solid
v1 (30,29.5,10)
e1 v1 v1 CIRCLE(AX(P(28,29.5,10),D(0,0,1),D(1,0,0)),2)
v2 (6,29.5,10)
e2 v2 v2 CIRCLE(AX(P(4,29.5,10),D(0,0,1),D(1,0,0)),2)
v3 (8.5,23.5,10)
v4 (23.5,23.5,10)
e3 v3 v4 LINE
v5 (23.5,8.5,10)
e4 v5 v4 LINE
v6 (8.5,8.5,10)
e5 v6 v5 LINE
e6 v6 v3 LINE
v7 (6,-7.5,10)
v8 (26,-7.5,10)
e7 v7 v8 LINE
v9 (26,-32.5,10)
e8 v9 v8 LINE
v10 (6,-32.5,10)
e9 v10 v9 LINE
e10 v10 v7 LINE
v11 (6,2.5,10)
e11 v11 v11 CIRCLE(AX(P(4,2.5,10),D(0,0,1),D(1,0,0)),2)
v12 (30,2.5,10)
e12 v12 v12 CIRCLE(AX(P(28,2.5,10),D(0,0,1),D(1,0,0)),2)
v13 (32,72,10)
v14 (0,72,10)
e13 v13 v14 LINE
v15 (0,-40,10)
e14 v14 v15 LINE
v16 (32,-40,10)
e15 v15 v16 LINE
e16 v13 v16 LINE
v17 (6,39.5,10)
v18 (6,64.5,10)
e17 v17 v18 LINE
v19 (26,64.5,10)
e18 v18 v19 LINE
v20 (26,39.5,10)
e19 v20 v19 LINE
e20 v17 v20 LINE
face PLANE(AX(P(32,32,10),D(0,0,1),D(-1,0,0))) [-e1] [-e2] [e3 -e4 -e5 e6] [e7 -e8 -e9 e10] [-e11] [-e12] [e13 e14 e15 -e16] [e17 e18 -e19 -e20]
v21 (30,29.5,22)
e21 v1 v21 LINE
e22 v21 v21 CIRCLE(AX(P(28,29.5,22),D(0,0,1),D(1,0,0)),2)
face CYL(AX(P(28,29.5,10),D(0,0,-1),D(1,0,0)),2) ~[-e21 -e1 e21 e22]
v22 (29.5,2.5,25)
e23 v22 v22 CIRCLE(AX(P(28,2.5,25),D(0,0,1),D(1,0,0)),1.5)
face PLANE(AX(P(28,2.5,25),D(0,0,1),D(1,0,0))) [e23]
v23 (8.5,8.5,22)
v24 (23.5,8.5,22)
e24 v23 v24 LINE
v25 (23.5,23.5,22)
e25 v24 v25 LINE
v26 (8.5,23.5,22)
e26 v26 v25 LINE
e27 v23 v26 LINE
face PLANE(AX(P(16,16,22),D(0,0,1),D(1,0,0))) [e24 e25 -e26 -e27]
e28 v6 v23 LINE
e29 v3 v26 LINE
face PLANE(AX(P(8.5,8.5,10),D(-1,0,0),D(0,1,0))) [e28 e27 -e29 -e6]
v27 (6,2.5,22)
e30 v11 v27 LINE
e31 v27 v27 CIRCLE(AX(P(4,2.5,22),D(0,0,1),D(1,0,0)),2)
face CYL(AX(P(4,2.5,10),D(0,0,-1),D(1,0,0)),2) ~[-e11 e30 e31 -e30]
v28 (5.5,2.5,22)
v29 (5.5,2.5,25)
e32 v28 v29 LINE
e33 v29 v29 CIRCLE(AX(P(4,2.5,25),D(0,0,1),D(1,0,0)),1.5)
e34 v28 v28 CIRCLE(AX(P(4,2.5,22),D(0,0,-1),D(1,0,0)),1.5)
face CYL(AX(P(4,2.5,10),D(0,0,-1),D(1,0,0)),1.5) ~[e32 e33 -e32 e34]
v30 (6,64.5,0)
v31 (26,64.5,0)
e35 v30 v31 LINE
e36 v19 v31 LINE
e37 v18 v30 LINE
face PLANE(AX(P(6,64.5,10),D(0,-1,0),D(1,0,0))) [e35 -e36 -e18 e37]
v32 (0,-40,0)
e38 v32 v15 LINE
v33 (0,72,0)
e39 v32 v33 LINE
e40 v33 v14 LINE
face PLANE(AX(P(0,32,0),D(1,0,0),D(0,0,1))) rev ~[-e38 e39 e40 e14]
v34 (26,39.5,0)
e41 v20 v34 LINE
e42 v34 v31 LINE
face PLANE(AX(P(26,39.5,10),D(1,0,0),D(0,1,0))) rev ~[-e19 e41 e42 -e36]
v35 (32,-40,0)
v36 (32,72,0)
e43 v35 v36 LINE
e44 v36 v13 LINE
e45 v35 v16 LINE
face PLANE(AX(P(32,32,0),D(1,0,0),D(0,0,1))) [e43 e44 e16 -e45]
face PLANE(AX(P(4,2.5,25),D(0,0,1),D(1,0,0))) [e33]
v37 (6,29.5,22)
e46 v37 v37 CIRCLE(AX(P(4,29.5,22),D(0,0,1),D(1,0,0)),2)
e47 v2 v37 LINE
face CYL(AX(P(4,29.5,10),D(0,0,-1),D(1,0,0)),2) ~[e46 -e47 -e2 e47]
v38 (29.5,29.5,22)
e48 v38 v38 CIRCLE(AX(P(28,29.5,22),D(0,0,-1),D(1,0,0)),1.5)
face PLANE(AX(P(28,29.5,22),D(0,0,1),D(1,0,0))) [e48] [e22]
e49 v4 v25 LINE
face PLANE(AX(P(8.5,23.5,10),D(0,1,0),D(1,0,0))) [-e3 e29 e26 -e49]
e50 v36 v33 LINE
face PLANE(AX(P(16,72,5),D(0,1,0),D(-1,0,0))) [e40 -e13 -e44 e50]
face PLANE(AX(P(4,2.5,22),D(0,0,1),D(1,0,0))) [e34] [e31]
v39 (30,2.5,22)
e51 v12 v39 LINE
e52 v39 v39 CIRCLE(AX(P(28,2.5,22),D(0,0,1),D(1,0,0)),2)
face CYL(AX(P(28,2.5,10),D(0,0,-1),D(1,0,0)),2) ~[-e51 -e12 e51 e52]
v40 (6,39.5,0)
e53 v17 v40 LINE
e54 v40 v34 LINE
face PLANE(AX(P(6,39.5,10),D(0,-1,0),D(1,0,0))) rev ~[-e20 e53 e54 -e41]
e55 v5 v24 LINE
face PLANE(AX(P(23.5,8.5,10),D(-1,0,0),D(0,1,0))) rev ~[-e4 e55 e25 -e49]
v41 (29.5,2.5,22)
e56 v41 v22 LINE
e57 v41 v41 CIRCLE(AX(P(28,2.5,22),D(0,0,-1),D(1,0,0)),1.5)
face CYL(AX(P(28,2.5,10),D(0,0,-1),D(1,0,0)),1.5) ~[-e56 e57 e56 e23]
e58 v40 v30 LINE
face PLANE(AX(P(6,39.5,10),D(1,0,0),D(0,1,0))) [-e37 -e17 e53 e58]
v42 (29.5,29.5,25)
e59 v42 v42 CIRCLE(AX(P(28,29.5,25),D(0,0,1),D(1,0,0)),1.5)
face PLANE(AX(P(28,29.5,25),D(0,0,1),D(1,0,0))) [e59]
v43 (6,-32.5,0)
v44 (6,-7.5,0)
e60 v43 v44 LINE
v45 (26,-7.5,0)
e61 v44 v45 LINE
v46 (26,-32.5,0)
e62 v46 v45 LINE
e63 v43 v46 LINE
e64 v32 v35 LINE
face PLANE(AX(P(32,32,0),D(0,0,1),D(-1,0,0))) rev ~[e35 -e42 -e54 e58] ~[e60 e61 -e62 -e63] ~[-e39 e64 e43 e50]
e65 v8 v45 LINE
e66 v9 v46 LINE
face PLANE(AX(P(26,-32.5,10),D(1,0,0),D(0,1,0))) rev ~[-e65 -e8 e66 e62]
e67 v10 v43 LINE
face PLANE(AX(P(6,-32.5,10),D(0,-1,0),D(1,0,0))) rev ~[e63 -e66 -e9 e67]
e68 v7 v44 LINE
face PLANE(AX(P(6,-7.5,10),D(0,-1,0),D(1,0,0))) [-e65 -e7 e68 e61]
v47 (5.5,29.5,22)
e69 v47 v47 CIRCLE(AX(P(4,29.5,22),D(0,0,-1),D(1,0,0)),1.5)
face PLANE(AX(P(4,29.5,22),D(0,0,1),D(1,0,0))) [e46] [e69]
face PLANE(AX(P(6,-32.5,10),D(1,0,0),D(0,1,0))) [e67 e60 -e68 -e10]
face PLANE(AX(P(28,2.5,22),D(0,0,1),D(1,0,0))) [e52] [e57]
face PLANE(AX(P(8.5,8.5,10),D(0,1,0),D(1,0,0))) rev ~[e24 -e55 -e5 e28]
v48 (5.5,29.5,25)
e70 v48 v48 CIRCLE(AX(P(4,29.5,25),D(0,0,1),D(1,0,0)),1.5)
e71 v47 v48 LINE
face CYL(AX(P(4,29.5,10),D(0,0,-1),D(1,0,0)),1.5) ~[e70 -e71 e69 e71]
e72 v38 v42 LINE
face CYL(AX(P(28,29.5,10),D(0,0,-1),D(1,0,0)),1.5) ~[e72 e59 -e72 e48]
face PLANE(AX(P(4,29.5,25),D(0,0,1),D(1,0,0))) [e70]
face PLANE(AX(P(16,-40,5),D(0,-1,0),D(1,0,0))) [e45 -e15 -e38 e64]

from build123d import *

# Parameters (mm, degrees)
SKETCH_W        = 32
SKETCH_H        = 32
PAD_DEPTH       = 10
SKETCH001_R     = 1.5
PAD001_DEPTH    = 15
SKETCH002_R     = 2
SKETCH002_W     = 15
SKETCH002_H     = 15
PAD002_DEPTH    = 12
SKETCH003_W     = 32
SKETCH003_H     = 10
PAD003_DEPTH    = 40
SKETCH004_W     = 32
SKETCH004_H     = 10
PAD004_DEPTH    = 40
SKETCH006_W     = 20
SKETCH006_H     = 25
POCKET_DEPTH    = 10.001
SKETCH005_W     = 20
SKETCH005_H     = 25
POCKET001_DEPTH = 10.001


with BuildPart() as part:
    # Sketch → Pad (new body)
    with BuildSketch(Plane.XY):
        with Locations((16, 16)):
            Rectangle(SKETCH_W, SKETCH_H)
    extrude(amount=PAD_DEPTH)

    # Sketch001 (on Face6 of Pad) → Pad001 (join)
    with BuildSketch(Plane.XY.offset(10)):
        with Locations((4, 29.5)):
            Circle(SKETCH001_R)
        with Locations((28, 29.5)):
            Circle(SKETCH001_R)
        with Locations((4, 2.5)):
            Circle(SKETCH001_R)
        with Locations((28, 2.5)):
            Circle(SKETCH001_R)
    extrude(amount=PAD001_DEPTH)

    # Sketch002 (on Face5 of Pad001) → Pad002 (join)
    with BuildSketch(Plane.XY.offset(10)):
        with Locations((4, 2.5)):
            Circle(SKETCH002_R)
        with Locations((28, 2.5)):
            Circle(SKETCH002_R)
        with Locations((4, 29.5)):
            Circle(SKETCH002_R)
        with Locations((28, 29.5)):
            Circle(SKETCH002_R)
        with Locations((16, 16)):
            Rectangle(SKETCH002_W, SKETCH002_H)
    extrude(amount=PAD002_DEPTH)

    # Sketch003 (on Face1 of Pad002) → Pad003 (join)
    with BuildSketch(Plane.XZ):
        with Locations((16, 5)):
            Rectangle(SKETCH003_W, SKETCH003_H)
    extrude(amount=PAD003_DEPTH)

    # Sketch004 (on Face2 of Pad003) → Pad004 (join)
    with BuildSketch(Plane(origin=(0, 32, 0), x_dir=(-1, 0, 0), z_dir=(0, 1, 0))):
        with Locations((-16, 5)):
            Rectangle(SKETCH004_W, SKETCH004_H)
    extrude(amount=PAD004_DEPTH)

    # Sketch006 (on Face6 of Pad004) → Pocket (cut, through all)
    with BuildSketch(Plane.XY.offset(10)):
        with Locations((16, 52)):
            Rectangle(SKETCH006_W, SKETCH006_H)
    extrude(amount=-POCKET_DEPTH, mode=Mode.SUBTRACT)

    # Sketch005 (on Face10 of Pad004) → Pocket001 (cut, through all)
    with BuildSketch(Plane.XY.offset(10)):
        with Locations((16, -20)):
            Rectangle(SKETCH005_W, SKETCH005_H)
    extrude(amount=-POCKET001_DEPTH, mode=Mode.SUBTRACT)


solid = part.part
